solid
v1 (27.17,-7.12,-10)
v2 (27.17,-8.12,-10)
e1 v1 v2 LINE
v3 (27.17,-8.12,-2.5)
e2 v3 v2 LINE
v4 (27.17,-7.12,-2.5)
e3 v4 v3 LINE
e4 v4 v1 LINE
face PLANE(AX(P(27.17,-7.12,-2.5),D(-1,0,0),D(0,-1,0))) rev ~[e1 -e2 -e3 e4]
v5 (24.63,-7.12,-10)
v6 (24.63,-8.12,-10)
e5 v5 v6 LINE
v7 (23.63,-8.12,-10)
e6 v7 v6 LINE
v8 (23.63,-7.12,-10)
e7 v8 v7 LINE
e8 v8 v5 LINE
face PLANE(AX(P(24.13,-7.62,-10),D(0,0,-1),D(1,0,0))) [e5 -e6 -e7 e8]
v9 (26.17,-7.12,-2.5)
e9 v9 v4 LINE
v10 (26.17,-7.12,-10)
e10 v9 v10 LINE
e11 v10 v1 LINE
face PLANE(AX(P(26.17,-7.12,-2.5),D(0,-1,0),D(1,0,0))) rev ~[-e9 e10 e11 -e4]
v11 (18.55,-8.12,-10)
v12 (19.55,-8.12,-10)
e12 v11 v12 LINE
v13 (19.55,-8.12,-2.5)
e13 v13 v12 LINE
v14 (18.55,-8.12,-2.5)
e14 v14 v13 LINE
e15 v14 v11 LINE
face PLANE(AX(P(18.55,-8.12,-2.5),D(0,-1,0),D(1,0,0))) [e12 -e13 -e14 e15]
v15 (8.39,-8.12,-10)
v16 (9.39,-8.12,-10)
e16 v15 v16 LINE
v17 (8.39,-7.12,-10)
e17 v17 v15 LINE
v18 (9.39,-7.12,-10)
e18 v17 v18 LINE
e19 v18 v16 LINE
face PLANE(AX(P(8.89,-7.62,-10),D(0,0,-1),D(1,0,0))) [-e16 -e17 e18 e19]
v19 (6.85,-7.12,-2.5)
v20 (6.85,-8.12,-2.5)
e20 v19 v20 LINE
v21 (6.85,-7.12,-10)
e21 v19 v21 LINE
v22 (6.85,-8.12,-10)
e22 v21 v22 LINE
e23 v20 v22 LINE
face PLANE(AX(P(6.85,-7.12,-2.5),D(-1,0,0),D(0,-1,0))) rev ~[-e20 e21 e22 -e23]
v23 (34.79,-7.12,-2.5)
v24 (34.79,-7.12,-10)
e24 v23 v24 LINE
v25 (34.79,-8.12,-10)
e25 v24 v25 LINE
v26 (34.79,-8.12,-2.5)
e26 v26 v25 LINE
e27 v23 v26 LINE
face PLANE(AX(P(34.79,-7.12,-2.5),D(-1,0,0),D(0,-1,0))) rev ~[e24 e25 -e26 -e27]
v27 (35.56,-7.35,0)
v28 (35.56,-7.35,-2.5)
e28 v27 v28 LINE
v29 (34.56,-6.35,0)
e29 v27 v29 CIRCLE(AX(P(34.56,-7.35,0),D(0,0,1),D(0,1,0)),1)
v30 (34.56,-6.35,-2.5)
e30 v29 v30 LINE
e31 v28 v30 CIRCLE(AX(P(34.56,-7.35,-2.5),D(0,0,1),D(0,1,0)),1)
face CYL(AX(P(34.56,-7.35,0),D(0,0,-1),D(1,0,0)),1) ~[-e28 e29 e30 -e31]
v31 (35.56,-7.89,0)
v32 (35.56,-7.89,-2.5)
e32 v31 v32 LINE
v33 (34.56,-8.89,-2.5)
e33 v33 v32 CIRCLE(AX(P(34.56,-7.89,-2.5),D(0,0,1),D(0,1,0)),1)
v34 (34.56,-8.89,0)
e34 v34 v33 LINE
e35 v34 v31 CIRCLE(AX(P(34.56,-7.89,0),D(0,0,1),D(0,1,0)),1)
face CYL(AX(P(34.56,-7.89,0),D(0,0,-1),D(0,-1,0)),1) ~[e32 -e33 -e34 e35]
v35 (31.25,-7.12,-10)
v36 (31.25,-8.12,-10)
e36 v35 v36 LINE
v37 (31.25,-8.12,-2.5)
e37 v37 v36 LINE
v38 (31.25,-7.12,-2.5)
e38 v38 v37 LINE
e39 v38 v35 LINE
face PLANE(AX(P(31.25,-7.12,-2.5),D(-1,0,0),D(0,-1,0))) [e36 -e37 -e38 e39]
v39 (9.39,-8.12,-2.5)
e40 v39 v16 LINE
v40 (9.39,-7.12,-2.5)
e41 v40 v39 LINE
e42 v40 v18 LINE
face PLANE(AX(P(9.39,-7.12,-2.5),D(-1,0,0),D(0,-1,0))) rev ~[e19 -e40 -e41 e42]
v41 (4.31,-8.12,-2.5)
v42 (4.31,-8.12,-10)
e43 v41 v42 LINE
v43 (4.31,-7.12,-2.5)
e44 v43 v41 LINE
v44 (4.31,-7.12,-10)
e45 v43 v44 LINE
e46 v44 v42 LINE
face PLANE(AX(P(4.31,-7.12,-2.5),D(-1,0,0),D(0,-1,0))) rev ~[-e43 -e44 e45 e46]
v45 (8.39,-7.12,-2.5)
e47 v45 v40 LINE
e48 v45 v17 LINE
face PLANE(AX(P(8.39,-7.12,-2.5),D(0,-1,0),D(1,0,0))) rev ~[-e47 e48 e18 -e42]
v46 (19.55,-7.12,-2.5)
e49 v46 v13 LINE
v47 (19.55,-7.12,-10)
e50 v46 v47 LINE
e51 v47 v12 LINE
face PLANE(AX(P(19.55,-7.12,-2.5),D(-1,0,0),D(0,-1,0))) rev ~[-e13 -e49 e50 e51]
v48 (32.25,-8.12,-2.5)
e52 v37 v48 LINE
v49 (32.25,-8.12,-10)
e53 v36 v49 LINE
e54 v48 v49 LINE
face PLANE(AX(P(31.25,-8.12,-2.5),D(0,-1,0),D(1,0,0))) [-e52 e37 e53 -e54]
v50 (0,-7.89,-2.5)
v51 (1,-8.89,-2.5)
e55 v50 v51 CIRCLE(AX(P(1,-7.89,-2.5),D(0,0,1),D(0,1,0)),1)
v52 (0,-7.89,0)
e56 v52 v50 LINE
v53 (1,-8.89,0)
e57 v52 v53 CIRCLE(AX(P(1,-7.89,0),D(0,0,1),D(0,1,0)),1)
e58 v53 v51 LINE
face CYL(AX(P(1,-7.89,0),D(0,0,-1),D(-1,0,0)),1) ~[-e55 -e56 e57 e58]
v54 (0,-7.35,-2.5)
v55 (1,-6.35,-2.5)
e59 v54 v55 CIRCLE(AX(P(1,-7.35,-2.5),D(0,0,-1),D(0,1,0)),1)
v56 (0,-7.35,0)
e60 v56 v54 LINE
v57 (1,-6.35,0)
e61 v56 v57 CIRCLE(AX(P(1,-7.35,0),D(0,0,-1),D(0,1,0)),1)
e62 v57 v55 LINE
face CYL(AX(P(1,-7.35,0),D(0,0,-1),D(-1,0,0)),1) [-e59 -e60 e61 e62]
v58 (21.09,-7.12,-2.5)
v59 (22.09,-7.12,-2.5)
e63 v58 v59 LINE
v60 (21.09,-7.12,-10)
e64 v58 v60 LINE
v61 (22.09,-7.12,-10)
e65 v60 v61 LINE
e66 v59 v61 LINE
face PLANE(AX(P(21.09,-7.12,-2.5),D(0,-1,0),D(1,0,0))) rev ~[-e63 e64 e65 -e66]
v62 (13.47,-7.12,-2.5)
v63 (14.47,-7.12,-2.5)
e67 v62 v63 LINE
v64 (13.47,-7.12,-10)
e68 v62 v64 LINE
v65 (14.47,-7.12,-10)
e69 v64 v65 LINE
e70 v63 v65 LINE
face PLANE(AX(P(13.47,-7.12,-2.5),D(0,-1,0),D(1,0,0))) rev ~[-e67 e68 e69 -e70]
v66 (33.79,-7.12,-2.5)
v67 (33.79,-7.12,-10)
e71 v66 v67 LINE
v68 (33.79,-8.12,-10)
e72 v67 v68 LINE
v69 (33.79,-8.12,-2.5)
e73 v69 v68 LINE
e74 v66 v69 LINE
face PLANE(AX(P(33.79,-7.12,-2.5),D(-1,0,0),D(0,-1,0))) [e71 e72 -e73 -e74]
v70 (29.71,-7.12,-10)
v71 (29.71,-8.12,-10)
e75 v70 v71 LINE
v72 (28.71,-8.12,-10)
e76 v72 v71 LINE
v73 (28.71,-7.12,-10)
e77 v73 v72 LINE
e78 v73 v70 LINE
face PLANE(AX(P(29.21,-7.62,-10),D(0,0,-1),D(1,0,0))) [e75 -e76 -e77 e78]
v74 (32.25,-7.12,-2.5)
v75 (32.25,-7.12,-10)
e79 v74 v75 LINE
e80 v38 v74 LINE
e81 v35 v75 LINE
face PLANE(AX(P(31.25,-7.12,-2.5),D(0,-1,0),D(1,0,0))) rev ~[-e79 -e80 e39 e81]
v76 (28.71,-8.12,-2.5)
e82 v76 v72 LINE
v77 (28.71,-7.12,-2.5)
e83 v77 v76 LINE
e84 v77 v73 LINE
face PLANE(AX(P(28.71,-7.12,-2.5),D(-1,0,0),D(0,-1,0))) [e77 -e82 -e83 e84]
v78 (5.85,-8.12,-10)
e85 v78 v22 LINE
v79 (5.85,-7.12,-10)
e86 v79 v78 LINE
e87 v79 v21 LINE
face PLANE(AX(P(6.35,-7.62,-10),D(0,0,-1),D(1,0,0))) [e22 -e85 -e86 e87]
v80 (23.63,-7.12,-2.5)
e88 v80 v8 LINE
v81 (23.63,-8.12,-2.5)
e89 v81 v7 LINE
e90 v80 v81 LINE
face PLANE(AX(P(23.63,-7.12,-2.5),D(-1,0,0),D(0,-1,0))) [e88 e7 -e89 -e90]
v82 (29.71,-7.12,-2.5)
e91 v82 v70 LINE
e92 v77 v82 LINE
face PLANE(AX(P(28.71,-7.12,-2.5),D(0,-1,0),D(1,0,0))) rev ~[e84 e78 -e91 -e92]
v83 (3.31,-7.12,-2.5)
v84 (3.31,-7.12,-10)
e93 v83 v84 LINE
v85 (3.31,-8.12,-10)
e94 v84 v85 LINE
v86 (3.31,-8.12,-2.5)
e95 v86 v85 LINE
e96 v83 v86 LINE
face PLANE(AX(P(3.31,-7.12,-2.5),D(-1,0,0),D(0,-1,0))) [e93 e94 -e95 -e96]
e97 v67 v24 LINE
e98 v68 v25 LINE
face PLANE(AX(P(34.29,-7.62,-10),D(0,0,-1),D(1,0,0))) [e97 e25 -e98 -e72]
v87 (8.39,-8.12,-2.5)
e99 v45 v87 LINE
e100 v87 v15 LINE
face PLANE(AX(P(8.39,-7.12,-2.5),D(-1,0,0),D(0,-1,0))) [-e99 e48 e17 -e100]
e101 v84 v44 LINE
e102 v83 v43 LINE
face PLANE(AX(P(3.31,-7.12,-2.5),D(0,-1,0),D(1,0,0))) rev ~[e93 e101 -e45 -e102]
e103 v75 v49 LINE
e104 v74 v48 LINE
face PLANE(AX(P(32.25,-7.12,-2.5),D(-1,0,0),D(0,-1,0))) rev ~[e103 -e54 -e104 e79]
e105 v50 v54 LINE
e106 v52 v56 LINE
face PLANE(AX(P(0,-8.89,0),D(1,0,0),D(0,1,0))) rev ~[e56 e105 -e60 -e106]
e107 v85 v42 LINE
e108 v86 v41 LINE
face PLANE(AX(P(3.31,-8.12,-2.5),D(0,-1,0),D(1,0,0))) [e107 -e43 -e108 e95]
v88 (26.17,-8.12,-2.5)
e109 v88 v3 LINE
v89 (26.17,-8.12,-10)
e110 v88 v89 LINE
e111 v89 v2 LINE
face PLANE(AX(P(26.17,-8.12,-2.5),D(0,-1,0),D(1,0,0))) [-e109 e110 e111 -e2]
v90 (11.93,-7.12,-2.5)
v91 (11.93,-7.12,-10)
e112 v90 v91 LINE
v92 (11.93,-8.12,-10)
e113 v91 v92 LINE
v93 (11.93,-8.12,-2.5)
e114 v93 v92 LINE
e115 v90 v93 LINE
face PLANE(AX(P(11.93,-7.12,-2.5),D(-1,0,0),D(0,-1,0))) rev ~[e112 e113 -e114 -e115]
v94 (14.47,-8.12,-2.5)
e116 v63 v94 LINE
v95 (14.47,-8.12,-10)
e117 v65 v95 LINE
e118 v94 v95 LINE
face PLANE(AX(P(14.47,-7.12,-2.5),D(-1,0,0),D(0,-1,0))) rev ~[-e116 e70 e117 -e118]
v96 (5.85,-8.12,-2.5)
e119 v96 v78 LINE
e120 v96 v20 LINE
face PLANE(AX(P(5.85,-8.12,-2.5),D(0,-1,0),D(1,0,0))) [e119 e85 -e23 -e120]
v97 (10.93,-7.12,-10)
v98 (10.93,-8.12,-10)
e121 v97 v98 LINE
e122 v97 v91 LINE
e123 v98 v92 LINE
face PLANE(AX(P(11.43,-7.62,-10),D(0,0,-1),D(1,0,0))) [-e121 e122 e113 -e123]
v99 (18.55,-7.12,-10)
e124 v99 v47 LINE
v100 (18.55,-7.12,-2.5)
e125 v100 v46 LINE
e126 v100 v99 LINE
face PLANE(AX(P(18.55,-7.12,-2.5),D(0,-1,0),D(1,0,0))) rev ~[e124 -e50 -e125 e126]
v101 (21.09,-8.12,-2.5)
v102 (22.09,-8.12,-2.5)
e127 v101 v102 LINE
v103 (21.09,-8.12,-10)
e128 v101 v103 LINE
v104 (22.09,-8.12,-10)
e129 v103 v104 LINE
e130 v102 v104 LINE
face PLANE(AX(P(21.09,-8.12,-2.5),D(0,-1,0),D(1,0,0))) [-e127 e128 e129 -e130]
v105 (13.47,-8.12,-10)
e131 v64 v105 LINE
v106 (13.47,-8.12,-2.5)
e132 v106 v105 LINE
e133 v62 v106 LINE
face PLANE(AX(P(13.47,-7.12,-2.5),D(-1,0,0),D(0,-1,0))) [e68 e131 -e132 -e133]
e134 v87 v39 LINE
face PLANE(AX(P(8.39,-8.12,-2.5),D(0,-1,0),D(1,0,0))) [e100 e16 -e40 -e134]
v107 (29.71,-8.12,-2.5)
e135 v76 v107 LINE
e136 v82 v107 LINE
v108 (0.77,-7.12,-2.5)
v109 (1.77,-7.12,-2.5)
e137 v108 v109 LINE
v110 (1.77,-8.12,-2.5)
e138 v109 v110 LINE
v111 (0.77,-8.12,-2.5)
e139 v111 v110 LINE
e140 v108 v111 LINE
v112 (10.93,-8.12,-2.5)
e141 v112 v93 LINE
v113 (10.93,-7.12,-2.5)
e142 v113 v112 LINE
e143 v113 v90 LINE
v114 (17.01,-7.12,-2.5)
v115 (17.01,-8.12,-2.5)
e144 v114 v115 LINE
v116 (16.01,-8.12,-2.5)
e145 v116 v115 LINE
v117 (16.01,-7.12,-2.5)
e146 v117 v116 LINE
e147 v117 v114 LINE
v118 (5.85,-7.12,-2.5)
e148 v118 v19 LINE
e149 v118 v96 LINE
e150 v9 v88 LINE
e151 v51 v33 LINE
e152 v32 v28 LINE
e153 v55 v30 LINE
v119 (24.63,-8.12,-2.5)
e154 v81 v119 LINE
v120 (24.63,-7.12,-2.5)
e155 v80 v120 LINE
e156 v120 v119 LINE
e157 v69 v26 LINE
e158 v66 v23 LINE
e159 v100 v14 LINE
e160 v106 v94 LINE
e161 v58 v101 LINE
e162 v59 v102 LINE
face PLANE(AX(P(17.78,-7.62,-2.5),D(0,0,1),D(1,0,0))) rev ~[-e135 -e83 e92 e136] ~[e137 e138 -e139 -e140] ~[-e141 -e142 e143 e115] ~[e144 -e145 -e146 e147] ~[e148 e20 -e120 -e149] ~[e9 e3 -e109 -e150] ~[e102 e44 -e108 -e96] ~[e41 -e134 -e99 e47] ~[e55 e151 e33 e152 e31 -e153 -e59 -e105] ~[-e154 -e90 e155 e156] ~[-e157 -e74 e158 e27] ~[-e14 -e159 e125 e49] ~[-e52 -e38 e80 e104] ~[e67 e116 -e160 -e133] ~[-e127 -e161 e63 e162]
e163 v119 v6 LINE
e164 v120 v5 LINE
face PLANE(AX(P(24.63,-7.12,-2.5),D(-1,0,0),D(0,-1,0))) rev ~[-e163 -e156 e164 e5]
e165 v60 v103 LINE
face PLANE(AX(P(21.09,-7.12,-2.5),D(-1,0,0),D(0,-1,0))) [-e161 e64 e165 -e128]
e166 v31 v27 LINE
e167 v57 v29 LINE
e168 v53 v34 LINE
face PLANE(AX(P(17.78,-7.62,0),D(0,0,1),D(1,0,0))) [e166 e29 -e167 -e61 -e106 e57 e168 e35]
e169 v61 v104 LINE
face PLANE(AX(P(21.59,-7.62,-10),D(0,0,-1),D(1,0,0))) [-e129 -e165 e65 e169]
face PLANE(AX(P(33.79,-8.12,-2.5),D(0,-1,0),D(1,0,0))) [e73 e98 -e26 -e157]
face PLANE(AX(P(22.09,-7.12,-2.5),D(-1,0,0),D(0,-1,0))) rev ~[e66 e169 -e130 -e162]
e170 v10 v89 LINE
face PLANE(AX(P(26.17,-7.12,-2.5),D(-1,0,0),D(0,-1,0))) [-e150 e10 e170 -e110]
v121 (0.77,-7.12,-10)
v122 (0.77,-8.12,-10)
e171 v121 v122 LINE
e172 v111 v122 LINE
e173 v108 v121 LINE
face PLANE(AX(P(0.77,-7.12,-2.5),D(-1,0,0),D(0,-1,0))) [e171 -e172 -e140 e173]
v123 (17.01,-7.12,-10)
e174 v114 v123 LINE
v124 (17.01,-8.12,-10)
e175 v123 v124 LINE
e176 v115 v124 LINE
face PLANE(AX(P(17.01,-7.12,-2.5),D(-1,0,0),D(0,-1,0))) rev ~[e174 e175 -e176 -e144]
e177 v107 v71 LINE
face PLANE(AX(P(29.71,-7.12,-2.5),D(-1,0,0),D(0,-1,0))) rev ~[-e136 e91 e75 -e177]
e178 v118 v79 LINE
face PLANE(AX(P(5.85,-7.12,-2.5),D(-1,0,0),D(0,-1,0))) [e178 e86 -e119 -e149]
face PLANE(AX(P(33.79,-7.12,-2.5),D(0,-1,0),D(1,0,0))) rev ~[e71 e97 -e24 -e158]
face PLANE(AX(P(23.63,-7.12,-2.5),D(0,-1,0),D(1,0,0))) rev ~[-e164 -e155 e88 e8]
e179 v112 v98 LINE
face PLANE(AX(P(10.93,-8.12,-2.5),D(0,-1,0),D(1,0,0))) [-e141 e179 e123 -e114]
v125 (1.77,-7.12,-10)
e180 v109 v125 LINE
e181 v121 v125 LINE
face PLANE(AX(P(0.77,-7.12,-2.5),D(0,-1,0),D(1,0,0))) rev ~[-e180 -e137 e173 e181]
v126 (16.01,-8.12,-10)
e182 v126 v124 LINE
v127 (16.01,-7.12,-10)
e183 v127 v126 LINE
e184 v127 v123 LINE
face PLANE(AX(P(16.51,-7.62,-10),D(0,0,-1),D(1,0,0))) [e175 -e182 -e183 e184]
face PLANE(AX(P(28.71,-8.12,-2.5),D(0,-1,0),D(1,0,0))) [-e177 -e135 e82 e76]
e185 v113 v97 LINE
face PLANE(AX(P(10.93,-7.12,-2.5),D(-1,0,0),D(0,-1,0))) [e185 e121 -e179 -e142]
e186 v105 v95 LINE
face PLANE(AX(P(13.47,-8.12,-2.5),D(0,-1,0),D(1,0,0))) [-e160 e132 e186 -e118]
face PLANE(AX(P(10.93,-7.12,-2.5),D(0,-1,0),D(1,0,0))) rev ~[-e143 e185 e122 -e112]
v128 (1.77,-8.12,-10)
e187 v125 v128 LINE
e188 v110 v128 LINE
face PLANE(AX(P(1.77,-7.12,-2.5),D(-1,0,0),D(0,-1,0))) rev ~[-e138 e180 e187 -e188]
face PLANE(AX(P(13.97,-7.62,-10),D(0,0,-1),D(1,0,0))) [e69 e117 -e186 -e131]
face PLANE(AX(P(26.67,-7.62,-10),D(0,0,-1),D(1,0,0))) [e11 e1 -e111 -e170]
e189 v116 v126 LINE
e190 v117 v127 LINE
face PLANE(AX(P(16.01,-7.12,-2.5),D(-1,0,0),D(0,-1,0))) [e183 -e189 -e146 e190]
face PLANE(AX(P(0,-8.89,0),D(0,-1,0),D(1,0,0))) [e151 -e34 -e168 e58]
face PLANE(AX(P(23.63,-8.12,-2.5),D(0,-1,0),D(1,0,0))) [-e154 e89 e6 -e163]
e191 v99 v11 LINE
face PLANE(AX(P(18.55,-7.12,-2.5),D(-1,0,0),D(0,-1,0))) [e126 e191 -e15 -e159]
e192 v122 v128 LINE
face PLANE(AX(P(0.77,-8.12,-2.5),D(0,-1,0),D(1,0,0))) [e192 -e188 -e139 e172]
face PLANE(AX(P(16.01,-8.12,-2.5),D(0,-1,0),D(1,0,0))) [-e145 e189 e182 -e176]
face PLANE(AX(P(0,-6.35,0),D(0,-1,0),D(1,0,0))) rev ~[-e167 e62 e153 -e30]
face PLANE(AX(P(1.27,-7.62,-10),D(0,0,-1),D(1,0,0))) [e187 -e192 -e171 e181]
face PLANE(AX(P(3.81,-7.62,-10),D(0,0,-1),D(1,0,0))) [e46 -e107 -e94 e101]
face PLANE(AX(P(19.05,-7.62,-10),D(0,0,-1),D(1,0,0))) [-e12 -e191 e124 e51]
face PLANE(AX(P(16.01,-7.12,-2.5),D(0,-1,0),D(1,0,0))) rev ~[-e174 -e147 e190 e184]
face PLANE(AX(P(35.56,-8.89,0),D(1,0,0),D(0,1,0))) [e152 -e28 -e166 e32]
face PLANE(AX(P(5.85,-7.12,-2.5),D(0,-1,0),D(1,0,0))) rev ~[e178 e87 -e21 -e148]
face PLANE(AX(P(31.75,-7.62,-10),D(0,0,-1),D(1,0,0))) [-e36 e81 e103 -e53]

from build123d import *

# Parameters (mm, degrees)
SKETCH002_W         = 35.56
SKETCH002_H         = 2.54
PAD002_DEPTH        = 2.5
FILLET001_R         = 1
SKETCH003_W         = 1
SKETCH003_H         = 1
PAD003_DEPTH        = 7.5
LINEARPATTERN_COUNT = 14
LINEARPATTERN_PITCH = 2.54


with BuildPart() as part:
    # Sketch002 → Pad002 (new body)
    with BuildSketch(Plane.XY):
        with Locations((17.78, 0)):
            Rectangle(SKETCH002_W, SKETCH002_H)
    extrude(amount=-PAD002_DEPTH)

    # Fillet001
    fillet001_edges = [part.edges().sort_by_distance(p)[0] for p in [
        (35.56, 1.27, -1.25),
        (35.56, -1.27, -1.25),
        (0, 1.27, -1.25),
        (0, -1.27, -1.25),
    ]]
    fillet(fillet001_edges, radius=FILLET001_R)

    # Sketch003 (on Face5 of Fillet001) → Pad003 (join)
    with BuildSketch(Plane(origin=(0, 0, -2.5), x_dir=(1, 0, 0), z_dir=(0, 0, -1))):
        with Locations((1.27, 0)):
            Rectangle(SKETCH003_W, SKETCH003_H)
    pad003 = extrude(amount=PAD003_DEPTH)

    # LinearPattern: Pad003 ×14
    with Locations(*[(i * LINEARPATTERN_PITCH, 0, 0) for i in range(1, LINEARPATTERN_COUNT)]):
        add(pad003)


with BuildPart() as part_1:
    # Body001 placement: moved
    add(part.part.moved(Location((0, 7.62, 0))))


with BuildPart() as part_2:
    # Body002 placement: moved
    add(part_1.part.moved(Location((0, -15.24, 0))))


solid = part_2.part
